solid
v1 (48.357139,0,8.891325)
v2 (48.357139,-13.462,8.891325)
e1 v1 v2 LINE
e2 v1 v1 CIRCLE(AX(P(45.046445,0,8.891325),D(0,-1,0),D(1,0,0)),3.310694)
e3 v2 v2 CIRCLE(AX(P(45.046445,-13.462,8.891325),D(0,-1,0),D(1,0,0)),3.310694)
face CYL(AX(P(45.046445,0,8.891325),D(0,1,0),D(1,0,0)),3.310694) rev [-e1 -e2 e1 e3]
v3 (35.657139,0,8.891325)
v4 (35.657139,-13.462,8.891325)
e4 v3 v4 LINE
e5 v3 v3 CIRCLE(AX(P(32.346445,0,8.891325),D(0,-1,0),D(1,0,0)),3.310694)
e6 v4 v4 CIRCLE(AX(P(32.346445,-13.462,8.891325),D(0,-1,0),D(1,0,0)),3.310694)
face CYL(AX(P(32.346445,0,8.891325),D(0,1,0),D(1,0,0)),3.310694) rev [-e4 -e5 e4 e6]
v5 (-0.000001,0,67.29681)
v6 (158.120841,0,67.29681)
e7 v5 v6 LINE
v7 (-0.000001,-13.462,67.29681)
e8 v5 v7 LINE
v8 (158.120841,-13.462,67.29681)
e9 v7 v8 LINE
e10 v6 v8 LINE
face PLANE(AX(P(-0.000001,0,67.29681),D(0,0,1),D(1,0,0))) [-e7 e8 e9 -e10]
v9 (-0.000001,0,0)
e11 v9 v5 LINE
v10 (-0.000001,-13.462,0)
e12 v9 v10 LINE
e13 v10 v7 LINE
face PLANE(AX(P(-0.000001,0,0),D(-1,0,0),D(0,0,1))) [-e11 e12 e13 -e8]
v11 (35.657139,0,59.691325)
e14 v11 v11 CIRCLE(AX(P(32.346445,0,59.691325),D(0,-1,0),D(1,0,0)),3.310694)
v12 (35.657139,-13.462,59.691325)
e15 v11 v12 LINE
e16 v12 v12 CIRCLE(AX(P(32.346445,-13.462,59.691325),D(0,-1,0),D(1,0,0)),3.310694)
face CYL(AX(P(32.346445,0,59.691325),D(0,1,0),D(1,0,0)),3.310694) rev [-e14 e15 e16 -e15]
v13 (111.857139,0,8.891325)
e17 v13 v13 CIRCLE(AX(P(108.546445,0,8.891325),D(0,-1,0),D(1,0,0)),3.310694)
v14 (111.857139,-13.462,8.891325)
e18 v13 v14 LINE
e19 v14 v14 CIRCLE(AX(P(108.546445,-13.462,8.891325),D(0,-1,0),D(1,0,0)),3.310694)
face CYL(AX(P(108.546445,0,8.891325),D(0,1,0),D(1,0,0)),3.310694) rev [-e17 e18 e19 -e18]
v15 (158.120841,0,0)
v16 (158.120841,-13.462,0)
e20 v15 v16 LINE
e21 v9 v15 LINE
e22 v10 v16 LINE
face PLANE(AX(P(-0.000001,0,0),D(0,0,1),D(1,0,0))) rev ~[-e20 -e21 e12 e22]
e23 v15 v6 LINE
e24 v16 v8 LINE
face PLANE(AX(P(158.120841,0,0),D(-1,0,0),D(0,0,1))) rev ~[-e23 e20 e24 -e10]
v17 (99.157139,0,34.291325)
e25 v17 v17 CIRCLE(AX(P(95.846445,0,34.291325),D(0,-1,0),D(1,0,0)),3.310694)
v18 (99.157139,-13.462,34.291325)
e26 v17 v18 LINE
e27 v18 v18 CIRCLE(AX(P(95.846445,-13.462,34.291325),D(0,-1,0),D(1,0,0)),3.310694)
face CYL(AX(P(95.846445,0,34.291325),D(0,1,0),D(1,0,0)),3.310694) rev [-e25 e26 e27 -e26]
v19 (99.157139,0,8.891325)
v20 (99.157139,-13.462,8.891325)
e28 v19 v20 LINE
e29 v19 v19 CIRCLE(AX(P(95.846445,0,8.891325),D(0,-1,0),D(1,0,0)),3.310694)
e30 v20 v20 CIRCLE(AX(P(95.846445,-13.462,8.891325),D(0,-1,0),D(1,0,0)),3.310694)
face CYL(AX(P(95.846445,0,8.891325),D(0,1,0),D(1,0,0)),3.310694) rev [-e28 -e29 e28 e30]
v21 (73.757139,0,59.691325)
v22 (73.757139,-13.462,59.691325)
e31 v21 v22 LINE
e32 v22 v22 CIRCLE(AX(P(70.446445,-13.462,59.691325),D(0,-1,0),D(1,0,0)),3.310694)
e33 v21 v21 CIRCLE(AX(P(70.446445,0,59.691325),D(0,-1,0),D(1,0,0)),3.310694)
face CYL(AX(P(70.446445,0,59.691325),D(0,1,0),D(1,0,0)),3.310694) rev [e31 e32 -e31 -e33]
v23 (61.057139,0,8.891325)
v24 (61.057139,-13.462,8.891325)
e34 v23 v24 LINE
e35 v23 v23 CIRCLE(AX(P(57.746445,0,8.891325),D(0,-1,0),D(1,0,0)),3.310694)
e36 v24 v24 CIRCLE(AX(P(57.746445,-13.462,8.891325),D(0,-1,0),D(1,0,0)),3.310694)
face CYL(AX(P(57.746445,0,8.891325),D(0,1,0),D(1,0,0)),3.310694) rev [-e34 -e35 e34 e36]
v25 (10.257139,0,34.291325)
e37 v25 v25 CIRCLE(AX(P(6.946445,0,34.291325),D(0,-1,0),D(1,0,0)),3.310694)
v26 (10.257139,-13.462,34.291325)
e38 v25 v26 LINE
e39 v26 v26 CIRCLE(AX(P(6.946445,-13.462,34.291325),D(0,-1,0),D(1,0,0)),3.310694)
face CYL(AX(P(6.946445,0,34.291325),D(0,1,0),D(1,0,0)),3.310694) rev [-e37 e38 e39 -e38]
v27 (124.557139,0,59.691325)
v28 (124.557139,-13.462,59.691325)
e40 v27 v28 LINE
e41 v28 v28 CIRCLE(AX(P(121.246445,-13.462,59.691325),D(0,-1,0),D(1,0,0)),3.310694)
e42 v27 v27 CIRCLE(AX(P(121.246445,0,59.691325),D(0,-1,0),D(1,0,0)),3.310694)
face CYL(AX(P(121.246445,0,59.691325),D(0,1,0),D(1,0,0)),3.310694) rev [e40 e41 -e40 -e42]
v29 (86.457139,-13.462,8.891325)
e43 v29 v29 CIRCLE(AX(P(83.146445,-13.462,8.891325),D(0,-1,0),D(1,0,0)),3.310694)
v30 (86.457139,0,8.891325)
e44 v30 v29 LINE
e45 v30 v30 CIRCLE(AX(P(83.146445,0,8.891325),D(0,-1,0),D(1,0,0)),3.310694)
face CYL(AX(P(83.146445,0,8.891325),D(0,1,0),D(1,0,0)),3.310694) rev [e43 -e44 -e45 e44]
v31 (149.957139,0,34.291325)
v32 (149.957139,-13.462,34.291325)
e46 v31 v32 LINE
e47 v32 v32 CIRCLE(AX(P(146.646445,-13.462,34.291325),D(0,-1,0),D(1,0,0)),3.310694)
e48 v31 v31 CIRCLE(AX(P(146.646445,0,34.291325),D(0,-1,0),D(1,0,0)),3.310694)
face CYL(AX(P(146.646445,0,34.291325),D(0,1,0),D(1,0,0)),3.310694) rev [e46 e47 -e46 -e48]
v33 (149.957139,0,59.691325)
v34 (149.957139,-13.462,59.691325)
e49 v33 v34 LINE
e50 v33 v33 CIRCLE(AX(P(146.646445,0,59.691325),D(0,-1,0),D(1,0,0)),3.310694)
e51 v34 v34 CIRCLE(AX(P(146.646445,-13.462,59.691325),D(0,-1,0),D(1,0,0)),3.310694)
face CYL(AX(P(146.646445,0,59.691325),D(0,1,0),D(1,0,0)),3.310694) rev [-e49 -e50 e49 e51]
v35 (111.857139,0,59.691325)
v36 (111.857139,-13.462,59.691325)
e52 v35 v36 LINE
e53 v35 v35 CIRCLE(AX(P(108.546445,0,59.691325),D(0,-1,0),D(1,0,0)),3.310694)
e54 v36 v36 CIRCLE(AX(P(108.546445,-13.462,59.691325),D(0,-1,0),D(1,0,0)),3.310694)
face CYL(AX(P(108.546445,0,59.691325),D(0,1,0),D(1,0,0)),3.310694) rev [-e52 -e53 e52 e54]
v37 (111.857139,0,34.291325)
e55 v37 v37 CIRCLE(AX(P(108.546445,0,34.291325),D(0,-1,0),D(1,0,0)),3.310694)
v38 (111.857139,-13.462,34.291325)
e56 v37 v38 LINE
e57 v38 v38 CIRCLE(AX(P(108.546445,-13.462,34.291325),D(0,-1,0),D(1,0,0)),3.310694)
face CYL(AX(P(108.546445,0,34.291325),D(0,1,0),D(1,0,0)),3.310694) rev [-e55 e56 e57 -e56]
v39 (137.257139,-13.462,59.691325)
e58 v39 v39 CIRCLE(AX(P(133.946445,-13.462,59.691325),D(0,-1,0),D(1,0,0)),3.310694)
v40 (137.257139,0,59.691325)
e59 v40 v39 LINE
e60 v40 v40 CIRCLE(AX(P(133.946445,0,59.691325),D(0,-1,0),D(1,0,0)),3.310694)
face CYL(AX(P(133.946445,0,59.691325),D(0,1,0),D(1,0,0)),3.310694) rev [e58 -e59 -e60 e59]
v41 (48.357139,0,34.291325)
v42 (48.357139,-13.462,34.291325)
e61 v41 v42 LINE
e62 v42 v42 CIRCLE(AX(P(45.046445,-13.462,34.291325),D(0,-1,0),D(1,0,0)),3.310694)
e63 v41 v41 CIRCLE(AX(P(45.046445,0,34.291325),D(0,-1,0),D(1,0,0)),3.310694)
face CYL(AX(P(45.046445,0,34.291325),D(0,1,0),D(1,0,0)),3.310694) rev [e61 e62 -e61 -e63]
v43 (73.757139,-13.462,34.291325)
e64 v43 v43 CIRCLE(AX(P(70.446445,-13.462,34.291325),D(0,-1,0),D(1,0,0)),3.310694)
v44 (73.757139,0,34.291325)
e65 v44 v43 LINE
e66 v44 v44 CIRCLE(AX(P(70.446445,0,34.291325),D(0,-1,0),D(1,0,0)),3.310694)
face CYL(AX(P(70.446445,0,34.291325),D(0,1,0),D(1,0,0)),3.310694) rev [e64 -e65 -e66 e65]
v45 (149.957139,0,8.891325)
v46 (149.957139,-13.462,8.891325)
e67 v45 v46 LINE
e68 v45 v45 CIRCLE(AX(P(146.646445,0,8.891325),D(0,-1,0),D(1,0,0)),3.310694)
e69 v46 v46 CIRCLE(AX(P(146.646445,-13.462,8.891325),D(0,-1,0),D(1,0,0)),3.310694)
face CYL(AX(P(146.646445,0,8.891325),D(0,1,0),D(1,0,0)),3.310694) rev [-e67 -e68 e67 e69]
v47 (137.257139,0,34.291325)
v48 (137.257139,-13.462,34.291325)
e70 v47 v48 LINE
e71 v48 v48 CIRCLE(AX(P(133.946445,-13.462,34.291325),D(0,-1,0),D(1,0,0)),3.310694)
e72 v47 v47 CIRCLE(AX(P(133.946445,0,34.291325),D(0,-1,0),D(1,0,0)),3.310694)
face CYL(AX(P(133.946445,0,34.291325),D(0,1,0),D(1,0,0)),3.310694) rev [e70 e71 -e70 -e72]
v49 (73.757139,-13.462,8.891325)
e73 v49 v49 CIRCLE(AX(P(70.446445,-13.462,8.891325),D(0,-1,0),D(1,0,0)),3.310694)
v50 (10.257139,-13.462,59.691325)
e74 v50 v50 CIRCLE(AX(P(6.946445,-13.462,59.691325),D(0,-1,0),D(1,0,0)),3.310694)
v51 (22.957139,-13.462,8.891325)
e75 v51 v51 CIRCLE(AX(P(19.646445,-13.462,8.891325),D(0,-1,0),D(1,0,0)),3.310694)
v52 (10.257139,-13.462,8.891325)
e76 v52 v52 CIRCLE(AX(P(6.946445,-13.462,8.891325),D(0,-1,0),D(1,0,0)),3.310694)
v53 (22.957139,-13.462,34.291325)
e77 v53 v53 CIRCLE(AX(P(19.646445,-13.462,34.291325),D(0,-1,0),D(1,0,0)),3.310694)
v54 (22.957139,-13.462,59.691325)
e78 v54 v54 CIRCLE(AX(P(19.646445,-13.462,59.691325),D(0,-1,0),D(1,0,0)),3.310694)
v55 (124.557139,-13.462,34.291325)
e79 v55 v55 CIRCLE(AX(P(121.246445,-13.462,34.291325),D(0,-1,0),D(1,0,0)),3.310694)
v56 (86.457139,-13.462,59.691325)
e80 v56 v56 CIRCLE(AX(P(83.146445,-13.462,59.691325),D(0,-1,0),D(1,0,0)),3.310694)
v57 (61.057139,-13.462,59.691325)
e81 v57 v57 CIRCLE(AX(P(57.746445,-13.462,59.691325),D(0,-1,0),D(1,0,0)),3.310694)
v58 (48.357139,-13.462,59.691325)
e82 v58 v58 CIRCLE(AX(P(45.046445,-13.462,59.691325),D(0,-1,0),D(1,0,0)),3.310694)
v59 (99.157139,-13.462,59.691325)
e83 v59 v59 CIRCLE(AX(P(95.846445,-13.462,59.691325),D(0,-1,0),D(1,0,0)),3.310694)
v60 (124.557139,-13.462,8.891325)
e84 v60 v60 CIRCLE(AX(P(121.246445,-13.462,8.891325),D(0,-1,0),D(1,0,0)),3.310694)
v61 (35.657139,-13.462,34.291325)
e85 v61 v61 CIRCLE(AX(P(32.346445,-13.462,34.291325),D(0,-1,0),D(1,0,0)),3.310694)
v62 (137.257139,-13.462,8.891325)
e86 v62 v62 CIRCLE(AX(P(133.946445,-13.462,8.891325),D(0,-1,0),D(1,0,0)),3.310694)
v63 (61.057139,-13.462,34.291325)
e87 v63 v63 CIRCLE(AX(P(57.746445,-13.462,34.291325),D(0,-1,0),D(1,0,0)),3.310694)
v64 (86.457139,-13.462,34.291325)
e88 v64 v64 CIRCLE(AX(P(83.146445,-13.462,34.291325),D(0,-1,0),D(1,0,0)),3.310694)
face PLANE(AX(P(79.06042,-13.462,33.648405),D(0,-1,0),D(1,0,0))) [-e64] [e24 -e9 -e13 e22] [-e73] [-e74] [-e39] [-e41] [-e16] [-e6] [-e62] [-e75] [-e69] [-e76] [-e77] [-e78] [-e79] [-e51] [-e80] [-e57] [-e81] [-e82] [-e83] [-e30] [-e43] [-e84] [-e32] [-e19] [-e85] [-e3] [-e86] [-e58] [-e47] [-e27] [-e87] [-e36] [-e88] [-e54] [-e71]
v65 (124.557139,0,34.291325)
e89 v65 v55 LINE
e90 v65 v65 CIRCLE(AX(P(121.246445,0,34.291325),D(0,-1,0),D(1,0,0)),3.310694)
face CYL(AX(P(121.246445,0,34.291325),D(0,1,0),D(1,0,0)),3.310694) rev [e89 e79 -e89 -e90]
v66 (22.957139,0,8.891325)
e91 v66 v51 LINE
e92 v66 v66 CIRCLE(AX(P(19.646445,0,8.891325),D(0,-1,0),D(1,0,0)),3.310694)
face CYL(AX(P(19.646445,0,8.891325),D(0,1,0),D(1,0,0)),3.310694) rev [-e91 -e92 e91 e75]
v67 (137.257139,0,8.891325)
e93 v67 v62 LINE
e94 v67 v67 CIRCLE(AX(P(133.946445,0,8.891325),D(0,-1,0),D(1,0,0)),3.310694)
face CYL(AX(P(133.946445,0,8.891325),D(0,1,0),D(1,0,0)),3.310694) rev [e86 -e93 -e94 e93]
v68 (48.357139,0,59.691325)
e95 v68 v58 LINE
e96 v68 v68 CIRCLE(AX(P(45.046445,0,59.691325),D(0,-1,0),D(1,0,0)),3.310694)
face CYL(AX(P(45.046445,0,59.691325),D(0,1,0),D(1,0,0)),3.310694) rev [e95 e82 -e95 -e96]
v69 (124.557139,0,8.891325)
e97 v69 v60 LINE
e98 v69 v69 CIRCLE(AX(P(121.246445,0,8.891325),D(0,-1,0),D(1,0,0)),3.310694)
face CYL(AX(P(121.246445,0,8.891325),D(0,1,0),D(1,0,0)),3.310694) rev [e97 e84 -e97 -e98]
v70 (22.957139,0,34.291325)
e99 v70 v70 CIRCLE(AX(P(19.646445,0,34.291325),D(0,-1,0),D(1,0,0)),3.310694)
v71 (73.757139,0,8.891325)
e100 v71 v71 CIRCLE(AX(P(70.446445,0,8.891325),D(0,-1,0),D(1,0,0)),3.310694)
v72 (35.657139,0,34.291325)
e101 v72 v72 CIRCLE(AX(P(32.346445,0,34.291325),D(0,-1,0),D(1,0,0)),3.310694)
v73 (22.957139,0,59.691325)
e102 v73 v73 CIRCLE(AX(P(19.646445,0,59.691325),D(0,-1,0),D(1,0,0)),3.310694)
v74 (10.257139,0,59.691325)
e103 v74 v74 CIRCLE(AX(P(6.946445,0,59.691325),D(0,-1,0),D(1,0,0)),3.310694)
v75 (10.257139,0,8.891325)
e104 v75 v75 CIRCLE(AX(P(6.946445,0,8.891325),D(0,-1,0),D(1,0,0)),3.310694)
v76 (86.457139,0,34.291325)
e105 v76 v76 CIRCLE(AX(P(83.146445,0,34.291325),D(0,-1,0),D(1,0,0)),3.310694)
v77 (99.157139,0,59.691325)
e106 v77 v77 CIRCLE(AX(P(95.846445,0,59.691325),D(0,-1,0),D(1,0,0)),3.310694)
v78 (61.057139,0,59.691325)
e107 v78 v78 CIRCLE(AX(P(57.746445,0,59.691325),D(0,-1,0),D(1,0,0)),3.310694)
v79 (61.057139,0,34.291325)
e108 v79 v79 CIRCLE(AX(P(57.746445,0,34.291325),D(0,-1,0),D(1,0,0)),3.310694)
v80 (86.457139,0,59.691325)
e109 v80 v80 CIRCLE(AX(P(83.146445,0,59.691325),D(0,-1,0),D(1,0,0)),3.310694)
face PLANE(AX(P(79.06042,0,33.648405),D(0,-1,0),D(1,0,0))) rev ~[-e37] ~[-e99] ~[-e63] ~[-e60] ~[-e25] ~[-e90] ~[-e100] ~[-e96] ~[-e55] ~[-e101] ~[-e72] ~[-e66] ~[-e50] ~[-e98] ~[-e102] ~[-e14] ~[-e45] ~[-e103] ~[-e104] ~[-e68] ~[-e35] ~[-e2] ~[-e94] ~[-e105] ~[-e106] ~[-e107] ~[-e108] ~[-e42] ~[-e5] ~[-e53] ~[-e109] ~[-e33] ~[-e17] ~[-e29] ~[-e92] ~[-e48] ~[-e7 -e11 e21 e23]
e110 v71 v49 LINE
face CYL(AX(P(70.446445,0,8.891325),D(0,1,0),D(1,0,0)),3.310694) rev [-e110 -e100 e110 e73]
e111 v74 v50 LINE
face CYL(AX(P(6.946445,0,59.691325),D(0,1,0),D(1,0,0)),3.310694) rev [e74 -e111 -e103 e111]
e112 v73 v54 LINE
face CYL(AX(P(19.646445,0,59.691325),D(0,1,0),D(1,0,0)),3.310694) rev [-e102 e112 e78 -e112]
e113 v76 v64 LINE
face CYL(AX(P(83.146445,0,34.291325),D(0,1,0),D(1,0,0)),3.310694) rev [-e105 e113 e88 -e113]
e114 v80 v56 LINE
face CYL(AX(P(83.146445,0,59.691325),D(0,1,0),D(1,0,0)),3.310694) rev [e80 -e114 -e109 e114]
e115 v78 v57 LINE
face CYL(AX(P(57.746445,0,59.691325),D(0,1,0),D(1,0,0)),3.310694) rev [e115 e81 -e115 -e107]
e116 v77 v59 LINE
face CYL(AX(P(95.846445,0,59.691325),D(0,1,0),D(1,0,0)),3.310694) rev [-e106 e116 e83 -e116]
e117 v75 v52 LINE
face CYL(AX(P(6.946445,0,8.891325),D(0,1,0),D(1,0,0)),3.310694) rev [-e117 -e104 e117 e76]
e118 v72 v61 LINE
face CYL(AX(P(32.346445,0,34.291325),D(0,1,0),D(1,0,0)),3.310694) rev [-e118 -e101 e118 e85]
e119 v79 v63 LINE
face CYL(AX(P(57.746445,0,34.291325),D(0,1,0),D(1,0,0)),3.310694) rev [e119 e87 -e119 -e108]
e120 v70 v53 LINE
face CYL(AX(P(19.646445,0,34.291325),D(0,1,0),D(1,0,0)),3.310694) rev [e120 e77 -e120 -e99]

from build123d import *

# Parameters (mm, degrees)
F0_W     = 158.120841
F0_H     = 67.29681
F0_R     = 3.310694
F1_DEPTH = 13.462


with BuildPart() as f1:
    # F0 (on Front) → F1 (new body)
    with BuildSketch(Plane.XZ):
        with Locations((79.06042, 33.648405)):
            Rectangle(F0_W, F0_H)
        with Locations((6.946445, 8.891325)):
            Circle(F0_R, mode=Mode.SUBTRACT)
        with Locations((19.646445, 8.891325)):
            Circle(F0_R, mode=Mode.SUBTRACT)
        with Locations((32.346445, 8.891325)):
            Circle(F0_R, mode=Mode.SUBTRACT)
        with Locations((45.046445, 8.891325)):
            Circle(F0_R, mode=Mode.SUBTRACT)
        with Locations((57.746445, 8.891325)):
            Circle(F0_R, mode=Mode.SUBTRACT)
        with Locations((70.446445, 8.891325)):
            Circle(F0_R, mode=Mode.SUBTRACT)
        with Locations((83.146445, 8.891325)):
            Circle(F0_R, mode=Mode.SUBTRACT)
        with Locations((95.846445, 8.891325)):
            Circle(F0_R, mode=Mode.SUBTRACT)
        with Locations((108.546445, 8.891325)):
            Circle(F0_R, mode=Mode.SUBTRACT)
        with Locations((121.246445, 8.891325)):
            Circle(F0_R, mode=Mode.SUBTRACT)
        with Locations((133.946445, 8.891325)):
            Circle(F0_R, mode=Mode.SUBTRACT)
        with Locations((146.646445, 8.891325)):
            Circle(F0_R, mode=Mode.SUBTRACT)
        with Locations((6.946445, 34.291325)):
            Circle(F0_R, mode=Mode.SUBTRACT)
        with Locations((19.646445, 34.291325)):
            Circle(F0_R, mode=Mode.SUBTRACT)
        with Locations((32.346445, 34.291325)):
            Circle(F0_R, mode=Mode.SUBTRACT)
        with Locations((45.046445, 34.291325)):
            Circle(F0_R, mode=Mode.SUBTRACT)
        with Locations((57.746445, 34.291325)):
            Circle(F0_R, mode=Mode.SUBTRACT)
        with Locations((70.446445, 34.291325)):
            Circle(F0_R, mode=Mode.SUBTRACT)
        with Locations((6.946445, 59.691325)):
            Circle(F0_R, mode=Mode.SUBTRACT)
        with Locations((19.646445, 59.691325)):
            Circle(F0_R, mode=Mode.SUBTRACT)
        with Locations((32.346445, 59.691325)):
            Circle(F0_R, mode=Mode.SUBTRACT)
        with Locations((45.046445, 59.691325)):
            Circle(F0_R, mode=Mode.SUBTRACT)
        with Locations((57.746445, 59.691325)):
            Circle(F0_R, mode=Mode.SUBTRACT)
        with Locations((70.446445, 59.691325)):
            Circle(F0_R, mode=Mode.SUBTRACT)
        with Locations((83.146445, 34.291325)):
            Circle(F0_R, mode=Mode.SUBTRACT)
        with Locations((95.846445, 34.291325)):
            Circle(F0_R, mode=Mode.SUBTRACT)
        with Locations((108.546445, 34.291325)):
            Circle(F0_R, mode=Mode.SUBTRACT)
        with Locations((121.246445, 34.291325)):
            Circle(F0_R, mode=Mode.SUBTRACT)
        with Locations((133.946445, 34.291325)):
            Circle(F0_R, mode=Mode.SUBTRACT)
        with Locations((146.646445, 34.291325)):
            Circle(F0_R, mode=Mode.SUBTRACT)
        with Locations((83.146445, 59.691325)):
            Circle(F0_R, mode=Mode.SUBTRACT)
        with Locations((95.846445, 59.691325)):
            Circle(F0_R, mode=Mode.SUBTRACT)
        with Locations((108.546445, 59.691325)):
            Circle(F0_R, mode=Mode.SUBTRACT)
        with Locations((121.246445, 59.691325)):
            Circle(F0_R, mode=Mode.SUBTRACT)
        with Locations((133.946445, 59.691325)):
            Circle(F0_R, mode=Mode.SUBTRACT)
        with Locations((146.646445, 59.691325)):
            Circle(F0_R, mode=Mode.SUBTRACT)
    extrude(amount=F1_DEPTH)


solid = f1.part
